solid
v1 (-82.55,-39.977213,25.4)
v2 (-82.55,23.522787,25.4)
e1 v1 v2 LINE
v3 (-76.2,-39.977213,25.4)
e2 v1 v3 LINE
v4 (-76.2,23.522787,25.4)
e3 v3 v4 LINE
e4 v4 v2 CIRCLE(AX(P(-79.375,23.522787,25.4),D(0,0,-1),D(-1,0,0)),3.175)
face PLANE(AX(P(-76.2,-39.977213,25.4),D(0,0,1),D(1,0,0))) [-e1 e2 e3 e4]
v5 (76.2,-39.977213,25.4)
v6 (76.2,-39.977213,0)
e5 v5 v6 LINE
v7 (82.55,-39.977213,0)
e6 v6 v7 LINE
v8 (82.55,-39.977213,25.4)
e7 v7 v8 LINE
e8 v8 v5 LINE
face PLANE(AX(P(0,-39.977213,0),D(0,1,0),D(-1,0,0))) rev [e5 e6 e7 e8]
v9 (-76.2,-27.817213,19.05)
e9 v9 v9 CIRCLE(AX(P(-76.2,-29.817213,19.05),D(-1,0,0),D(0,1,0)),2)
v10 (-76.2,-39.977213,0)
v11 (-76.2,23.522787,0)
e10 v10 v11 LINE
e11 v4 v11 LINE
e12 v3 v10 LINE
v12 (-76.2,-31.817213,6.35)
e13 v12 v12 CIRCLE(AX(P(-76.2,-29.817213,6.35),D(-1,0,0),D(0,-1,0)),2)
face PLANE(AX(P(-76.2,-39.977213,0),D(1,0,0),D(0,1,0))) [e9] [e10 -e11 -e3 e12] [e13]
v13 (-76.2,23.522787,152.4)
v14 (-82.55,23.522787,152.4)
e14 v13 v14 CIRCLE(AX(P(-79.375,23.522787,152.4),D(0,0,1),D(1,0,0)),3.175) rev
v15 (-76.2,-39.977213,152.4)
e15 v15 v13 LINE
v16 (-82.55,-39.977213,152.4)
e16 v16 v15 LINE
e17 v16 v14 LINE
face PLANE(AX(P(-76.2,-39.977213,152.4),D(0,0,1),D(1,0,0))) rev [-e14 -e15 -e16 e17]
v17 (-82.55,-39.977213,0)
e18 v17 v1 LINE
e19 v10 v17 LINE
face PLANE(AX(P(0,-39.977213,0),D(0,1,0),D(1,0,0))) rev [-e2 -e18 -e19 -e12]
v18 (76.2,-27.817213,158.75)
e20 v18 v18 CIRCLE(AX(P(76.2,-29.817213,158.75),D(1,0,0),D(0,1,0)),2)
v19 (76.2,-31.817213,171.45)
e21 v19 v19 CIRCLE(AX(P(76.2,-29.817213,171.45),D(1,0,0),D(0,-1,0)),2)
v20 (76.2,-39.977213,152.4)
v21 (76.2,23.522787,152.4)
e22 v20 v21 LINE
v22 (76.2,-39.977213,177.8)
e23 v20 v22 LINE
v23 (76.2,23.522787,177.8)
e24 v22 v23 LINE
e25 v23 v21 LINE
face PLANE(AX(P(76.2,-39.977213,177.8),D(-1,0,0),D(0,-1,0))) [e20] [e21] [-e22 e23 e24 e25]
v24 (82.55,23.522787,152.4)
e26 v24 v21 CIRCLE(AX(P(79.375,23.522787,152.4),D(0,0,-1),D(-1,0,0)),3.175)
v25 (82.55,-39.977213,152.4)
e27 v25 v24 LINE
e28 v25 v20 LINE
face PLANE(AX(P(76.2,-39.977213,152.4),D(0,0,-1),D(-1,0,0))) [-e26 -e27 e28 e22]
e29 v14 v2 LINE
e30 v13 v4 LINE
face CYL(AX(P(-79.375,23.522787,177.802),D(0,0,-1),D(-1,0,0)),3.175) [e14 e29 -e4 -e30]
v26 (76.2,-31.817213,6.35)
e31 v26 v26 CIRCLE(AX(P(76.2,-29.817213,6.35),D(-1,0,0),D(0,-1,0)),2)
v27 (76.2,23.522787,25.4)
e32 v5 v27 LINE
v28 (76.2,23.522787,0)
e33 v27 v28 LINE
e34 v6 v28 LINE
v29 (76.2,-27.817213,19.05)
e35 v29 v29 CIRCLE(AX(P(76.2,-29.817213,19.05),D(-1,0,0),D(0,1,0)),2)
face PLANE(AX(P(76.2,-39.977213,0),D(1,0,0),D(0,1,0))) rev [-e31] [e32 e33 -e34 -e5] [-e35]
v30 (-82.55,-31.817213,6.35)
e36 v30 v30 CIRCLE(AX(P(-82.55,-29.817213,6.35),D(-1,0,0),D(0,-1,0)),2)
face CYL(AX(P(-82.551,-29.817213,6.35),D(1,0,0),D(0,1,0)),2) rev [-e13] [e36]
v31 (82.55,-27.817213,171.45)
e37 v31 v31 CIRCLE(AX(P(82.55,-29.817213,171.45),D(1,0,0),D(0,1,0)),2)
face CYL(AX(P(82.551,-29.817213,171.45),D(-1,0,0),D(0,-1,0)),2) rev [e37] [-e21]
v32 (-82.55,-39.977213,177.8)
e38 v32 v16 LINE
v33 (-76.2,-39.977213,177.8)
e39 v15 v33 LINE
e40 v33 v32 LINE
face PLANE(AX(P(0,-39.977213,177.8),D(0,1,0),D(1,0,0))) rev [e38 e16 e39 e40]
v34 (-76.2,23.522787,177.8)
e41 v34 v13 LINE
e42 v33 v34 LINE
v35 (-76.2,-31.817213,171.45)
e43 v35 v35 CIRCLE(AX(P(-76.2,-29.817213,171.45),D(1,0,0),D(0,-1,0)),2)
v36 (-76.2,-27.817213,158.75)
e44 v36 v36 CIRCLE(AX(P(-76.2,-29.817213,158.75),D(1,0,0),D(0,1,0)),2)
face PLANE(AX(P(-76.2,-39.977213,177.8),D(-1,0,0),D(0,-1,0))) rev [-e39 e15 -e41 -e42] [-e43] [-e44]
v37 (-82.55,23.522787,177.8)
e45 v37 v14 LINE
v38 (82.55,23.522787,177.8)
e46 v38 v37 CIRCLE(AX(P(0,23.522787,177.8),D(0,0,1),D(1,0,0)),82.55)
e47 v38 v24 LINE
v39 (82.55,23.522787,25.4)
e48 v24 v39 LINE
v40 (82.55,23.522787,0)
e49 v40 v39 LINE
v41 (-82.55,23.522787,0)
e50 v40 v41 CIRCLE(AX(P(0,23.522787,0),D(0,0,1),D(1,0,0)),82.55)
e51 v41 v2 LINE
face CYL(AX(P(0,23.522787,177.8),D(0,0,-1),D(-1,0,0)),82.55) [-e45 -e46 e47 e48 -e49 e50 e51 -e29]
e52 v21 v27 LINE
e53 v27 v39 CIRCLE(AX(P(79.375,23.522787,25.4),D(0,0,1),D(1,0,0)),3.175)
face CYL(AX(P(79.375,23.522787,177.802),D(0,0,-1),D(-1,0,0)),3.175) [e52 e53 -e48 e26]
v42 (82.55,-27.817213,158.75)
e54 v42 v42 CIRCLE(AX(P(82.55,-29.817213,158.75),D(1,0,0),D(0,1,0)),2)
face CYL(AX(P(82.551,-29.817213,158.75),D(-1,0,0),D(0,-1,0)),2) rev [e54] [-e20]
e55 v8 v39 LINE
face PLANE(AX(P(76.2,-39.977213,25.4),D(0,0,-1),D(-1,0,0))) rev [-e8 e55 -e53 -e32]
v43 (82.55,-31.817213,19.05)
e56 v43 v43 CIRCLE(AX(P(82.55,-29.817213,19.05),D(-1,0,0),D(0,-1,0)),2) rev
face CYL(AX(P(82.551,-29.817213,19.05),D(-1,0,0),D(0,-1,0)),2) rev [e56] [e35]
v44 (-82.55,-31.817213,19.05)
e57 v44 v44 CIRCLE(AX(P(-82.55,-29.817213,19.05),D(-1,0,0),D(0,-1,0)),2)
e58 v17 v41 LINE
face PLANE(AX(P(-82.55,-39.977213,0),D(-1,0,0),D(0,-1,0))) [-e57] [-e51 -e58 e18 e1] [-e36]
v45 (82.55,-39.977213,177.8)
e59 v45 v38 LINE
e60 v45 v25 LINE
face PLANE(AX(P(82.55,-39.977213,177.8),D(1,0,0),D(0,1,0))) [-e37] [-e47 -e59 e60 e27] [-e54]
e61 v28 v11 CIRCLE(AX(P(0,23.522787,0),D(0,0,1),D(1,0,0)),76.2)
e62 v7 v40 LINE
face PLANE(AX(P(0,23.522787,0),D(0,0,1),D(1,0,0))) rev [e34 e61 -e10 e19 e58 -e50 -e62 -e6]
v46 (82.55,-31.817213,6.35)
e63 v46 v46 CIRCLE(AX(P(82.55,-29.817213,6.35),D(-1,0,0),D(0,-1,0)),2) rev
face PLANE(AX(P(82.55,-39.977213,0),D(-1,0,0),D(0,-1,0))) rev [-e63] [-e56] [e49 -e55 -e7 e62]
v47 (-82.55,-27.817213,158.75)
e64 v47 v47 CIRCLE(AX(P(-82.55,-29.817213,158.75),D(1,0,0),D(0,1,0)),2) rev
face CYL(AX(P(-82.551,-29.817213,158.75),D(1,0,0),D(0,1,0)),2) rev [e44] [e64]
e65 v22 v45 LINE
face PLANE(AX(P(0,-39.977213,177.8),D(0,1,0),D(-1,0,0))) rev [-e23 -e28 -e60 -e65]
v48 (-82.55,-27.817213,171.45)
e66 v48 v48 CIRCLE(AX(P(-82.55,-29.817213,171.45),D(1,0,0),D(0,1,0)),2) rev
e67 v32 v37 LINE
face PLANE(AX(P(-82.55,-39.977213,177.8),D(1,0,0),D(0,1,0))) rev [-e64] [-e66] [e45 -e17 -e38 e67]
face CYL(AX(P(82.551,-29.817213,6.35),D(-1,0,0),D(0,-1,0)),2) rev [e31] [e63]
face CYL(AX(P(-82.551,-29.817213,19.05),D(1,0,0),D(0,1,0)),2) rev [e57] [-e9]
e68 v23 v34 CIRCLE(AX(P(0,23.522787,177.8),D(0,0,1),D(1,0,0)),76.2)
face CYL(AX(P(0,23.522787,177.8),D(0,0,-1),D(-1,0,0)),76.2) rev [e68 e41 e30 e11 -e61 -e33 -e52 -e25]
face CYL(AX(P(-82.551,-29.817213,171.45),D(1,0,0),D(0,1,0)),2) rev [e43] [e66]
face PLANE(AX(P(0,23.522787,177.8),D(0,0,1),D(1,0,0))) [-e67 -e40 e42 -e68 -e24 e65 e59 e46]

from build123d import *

# Parameters (mm, degrees)
EXTRUDE_THIN1_DEPTH     = 177.8
SKETCH7_W               = 6.35
SKETCH7_H               = 25.4
BOSS_EXTRUDE2_DEPTH     = 63.5
SKETCH11_R              = 2
CUT_EXTRUDE1_DEPTH      = 6.35
MIRROR2_COPY_1_SKETCH_W = 6.35
MIRROR2_COPY_1_SKETCH_H = 25.4
MIRROR2_COPY_1_DEPTH    = 63.5
MIRROR2_COPY_2_SKETCH_R = 2
MIRROR2_COPY_2_DEPTH    = 6.35
BOSS_EXTRUDE3_DEPTH     = 127


with BuildPart() as part:
    # Sketch2 → Extrude-Thin1 (new body)
    with BuildSketch(Plane.XY):
        with BuildLine():
            ThreePointArc((76.2, 23.522786699), (0, 99.722786699), (-76.2, 23.522786699))
            Line((-76.2, 23.522786699), (-82.55, 23.522786699))
            ThreePointArc((-82.55, 23.522786699), (0, 106.072786699), (82.55, 23.522786699))
            Line((82.55, 23.522786699), (76.2, 23.522786699))
        make_face()
    extrude(amount=EXTRUDE_THIN1_DEPTH)

    # Sketch7 → Boss-Extrude2 (add)
    with BuildSketch(Plane.XZ.offset(-23.522786699)):
        with Locations((79.375, 12.7)):
            Rectangle(SKETCH7_W, SKETCH7_H)
    boss_extrude2 = extrude(amount=BOSS_EXTRUDE2_DEPTH)

    # Sketch11 → Cut-Extrude1 (cut)
    with BuildSketch(Plane.ZY.offset(-76.2)):
        with Locations((6.35, -29.817213301)):
            Circle(SKETCH11_R)
        with Locations((19.05, -29.817213301)):
            Circle(SKETCH11_R)
    cut_extrude1 = extrude(amount=-CUT_EXTRUDE1_DEPTH, mode=Mode.SUBTRACT)

    # Mirror1: Boss-Extrude2, Cut-Extrude1 across plane
    add(boss_extrude2.mirror(Plane.XY.offset(88.9)))
    add(cut_extrude1.mirror(Plane.XY.offset(88.9)), mode=Mode.SUBTRACT)

    # Mirror2: Boss-Extrude2, Cut-Extrude1 across plane
    add(boss_extrude2.mirror(Plane(origin=(0, 0, 0), x_dir=(0, 0, 1), z_dir=(1, 0, 0))))
    add(cut_extrude1.mirror(Plane(origin=(0, 0, 0), x_dir=(0, 0, 1), z_dir=(1, 0, 0))), mode=Mode.SUBTRACT)

    # Mirror2 copy 1 sketch → Mirror2 copy 1 (add)
    with BuildSketch(Plane(origin=(0, 23.522786699, 177.8), x_dir=(-1, 0, 0), z_dir=(0, -1, 0))):
        with Locations((79.375, 12.7)):
            Rectangle(MIRROR2_COPY_1_SKETCH_W, MIRROR2_COPY_1_SKETCH_H)
    extrude(amount=MIRROR2_COPY_1_DEPTH)

    # Mirror2 copy 2 sketch → Mirror2 copy 2 (cut)
    with BuildSketch(Plane(origin=(-76.2, 0, 177.8), x_dir=(0, 0, -1), z_dir=(1, 0, 0))):
        with Locations((6.35, -29.817213301)):
            Circle(MIRROR2_COPY_2_SKETCH_R)
        with Locations((19.05, -29.817213301)):
            Circle(MIRROR2_COPY_2_SKETCH_R)
    extrude(amount=-MIRROR2_COPY_2_DEPTH, mode=Mode.SUBTRACT)

    # Sketch15 → Boss-Extrude3 (add)
    with BuildSketch(Plane.XY.offset(25.4)):
        with BuildLine():
            Line((76.2, 23.522786699), (82.55, 23.522786699))
            ThreePointArc((82.55, 23.522786699), (79.375, 20.347786699), (76.2, 23.522786699))
        make_face()
    boss_extrude3 = extrude(amount=BOSS_EXTRUDE3_DEPTH)

    # Mirror3: Boss-Extrude3 across plane
    add(boss_extrude3.mirror(Plane(origin=(0, 0, 0), x_dir=(0, 0, 1), z_dir=(1, 0, 0))))


solid = part.part
